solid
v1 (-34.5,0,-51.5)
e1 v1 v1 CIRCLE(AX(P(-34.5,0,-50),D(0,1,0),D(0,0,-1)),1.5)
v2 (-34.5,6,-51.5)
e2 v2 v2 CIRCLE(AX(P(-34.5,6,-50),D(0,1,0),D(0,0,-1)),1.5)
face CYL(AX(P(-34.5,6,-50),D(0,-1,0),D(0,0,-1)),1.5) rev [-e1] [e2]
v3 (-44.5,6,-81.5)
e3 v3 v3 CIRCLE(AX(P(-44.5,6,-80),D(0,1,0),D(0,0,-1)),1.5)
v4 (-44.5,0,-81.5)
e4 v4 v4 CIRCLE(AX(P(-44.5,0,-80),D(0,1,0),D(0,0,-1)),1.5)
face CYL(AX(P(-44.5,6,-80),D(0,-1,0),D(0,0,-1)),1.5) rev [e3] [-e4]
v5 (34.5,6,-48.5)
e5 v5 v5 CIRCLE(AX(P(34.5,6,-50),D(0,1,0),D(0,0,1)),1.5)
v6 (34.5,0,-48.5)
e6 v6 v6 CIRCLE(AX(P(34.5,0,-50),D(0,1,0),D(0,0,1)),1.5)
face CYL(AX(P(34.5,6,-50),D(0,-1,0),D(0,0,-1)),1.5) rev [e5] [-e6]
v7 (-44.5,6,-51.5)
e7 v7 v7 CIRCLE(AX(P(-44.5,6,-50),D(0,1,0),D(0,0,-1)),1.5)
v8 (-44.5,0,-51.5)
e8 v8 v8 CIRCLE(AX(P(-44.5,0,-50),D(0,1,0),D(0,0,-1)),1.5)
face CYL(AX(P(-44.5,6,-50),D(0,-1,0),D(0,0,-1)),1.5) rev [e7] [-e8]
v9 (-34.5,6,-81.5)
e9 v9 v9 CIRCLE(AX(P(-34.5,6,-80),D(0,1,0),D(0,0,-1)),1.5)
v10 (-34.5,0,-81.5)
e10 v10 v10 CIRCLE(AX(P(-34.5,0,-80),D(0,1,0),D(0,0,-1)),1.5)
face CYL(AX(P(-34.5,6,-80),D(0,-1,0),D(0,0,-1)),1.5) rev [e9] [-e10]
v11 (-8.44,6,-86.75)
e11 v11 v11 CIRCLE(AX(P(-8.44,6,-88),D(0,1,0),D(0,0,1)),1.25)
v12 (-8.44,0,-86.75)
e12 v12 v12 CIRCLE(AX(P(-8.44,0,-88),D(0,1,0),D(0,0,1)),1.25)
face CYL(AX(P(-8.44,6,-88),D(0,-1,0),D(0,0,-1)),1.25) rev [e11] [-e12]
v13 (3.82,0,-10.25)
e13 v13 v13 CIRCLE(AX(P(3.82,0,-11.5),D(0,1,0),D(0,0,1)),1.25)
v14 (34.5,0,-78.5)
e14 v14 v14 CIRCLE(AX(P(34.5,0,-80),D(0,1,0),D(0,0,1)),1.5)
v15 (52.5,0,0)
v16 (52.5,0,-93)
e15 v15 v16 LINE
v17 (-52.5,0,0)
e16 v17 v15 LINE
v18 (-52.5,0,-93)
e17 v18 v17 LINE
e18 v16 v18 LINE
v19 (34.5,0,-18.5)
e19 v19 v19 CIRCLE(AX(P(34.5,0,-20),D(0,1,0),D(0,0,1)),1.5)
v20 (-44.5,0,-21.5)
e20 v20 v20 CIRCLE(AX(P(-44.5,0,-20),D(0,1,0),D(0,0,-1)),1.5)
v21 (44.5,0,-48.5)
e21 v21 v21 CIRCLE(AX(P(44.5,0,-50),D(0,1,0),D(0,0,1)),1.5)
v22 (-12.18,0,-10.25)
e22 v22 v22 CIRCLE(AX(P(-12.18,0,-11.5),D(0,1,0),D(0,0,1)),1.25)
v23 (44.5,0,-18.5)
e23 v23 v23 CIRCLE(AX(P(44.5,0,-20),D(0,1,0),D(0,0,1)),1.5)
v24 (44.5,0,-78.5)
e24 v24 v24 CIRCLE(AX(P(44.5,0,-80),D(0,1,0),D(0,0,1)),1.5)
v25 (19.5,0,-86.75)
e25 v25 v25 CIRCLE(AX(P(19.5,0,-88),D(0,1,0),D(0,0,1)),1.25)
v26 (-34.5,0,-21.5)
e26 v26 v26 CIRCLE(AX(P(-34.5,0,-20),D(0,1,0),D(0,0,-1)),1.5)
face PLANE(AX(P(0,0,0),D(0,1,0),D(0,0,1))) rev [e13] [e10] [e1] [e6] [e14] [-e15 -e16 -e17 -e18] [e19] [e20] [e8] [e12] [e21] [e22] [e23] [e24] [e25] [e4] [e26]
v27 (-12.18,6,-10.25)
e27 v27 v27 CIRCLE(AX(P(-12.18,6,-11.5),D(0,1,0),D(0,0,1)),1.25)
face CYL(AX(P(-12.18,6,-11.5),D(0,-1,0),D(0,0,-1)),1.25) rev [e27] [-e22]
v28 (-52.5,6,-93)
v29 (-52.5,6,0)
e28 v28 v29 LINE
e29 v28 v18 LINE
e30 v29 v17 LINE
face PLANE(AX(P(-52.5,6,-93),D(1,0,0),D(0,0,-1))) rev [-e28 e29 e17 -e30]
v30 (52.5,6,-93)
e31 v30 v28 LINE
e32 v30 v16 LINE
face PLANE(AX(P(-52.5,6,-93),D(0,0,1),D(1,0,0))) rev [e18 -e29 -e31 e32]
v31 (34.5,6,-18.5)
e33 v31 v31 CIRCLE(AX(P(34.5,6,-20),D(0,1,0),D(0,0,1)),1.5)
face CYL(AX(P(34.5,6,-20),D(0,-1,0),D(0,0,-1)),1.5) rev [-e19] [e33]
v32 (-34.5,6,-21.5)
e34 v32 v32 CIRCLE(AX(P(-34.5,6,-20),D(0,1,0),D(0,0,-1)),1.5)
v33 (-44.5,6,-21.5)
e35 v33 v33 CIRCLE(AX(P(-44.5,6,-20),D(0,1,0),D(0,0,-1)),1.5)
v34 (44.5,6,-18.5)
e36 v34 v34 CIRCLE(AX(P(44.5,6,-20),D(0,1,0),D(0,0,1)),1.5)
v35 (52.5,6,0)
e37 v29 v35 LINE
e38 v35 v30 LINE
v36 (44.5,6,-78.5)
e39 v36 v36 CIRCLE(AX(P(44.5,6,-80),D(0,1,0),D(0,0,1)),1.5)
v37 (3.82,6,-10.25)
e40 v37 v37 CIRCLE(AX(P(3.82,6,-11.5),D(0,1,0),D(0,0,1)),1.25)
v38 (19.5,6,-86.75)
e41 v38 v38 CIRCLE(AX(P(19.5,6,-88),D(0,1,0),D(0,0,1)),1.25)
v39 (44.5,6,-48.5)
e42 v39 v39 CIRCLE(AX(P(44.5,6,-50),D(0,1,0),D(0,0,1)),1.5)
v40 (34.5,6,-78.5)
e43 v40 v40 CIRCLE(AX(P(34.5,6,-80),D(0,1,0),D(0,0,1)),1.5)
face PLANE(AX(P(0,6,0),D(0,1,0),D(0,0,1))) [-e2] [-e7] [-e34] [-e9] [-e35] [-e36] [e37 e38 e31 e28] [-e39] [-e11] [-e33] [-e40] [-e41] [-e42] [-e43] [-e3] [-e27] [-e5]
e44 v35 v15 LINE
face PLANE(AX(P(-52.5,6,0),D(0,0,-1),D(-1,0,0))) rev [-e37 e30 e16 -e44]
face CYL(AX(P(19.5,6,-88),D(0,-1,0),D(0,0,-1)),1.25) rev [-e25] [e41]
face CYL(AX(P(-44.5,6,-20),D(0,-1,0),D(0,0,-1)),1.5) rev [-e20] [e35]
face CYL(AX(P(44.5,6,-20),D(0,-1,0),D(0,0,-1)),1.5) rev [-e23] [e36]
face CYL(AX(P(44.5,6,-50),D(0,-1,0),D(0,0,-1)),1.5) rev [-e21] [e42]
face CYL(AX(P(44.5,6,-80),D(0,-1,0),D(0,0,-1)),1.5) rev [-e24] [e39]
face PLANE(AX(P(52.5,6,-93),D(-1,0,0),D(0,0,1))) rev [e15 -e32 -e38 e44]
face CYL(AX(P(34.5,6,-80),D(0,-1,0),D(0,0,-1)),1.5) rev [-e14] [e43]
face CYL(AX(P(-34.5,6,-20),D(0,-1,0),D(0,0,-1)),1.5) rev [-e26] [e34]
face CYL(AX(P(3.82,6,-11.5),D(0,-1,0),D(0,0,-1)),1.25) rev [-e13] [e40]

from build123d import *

# Parameters (mm, degrees)
ESQUISSE1_W        = 105
ESQUISSE1_H        = 93
ESQUISSE1_R        = 1.5
ESQUISSE1_R_2      = 1.25
BOSS_EXTRU_1_DEPTH = 6


with BuildPart() as part:
    # Esquisse1 → Boss.-Extru.1 (new body)
    with BuildSketch(Plane(origin=(0, 0, 0), x_dir=(1, 0, 0), z_dir=(0, 1, 0))):
        with Locations((0, 46.5)):
            Rectangle(ESQUISSE1_W, ESQUISSE1_H)
        with Locations(Location((34.5, 80, 0), (0, 0, 270))):
            Circle(ESQUISSE1_R, mode=Mode.SUBTRACT)
        with Locations(Location((44.5, 80, 0), (0, 0, 270))):
            Circle(ESQUISSE1_R, mode=Mode.SUBTRACT)
        with Locations(Location((34.5, 50, 0), (0, 0, 270))):
            Circle(ESQUISSE1_R, mode=Mode.SUBTRACT)
        with Locations(Location((44.5, 50, 0), (0, 0, 270))):
            Circle(ESQUISSE1_R, mode=Mode.SUBTRACT)
        with Locations(Location((34.5, 20, 0), (0, 0, 270))):
            Circle(ESQUISSE1_R, mode=Mode.SUBTRACT)
        with Locations(Location((44.5, 20, 0), (0, 0, 270))):
            Circle(ESQUISSE1_R, mode=Mode.SUBTRACT)
        with Locations(Location((-44.5, 20, 0), (0, 0, 90))):
            Circle(ESQUISSE1_R, mode=Mode.SUBTRACT)
        with Locations(Location((-34.5, 20, 0), (0, 0, 90))):
            Circle(ESQUISSE1_R, mode=Mode.SUBTRACT)
        with Locations(Location((-44.5, 50, 0), (0, 0, 90))):
            Circle(ESQUISSE1_R, mode=Mode.SUBTRACT)
        with Locations(Location((-34.5, 50, 0), (0, 0, 90))):
            Circle(ESQUISSE1_R, mode=Mode.SUBTRACT)
        with Locations(Location((-44.5, 80, 0), (0, 0, 90))):
            Circle(ESQUISSE1_R, mode=Mode.SUBTRACT)
        with Locations(Location((-34.5, 80, 0), (0, 0, 90))):
            Circle(ESQUISSE1_R, mode=Mode.SUBTRACT)
        with Locations(Location((-8.44, 88, 0), (0, 0, 270))):
            Circle(ESQUISSE1_R_2, mode=Mode.SUBTRACT)
        with Locations(Location((19.5, 88, 0), (0, 0, 270))):
            Circle(ESQUISSE1_R_2, mode=Mode.SUBTRACT)
        with Locations(Location((-12.18, 11.5, 0), (0, 0, 270))):
            Circle(ESQUISSE1_R_2, mode=Mode.SUBTRACT)
        with Locations(Location((3.82, 11.5, 0), (0, 0, 270))):
            Circle(ESQUISSE1_R_2, mode=Mode.SUBTRACT)
    extrude(amount=BOSS_EXTRU_1_DEPTH)


solid = part.part
